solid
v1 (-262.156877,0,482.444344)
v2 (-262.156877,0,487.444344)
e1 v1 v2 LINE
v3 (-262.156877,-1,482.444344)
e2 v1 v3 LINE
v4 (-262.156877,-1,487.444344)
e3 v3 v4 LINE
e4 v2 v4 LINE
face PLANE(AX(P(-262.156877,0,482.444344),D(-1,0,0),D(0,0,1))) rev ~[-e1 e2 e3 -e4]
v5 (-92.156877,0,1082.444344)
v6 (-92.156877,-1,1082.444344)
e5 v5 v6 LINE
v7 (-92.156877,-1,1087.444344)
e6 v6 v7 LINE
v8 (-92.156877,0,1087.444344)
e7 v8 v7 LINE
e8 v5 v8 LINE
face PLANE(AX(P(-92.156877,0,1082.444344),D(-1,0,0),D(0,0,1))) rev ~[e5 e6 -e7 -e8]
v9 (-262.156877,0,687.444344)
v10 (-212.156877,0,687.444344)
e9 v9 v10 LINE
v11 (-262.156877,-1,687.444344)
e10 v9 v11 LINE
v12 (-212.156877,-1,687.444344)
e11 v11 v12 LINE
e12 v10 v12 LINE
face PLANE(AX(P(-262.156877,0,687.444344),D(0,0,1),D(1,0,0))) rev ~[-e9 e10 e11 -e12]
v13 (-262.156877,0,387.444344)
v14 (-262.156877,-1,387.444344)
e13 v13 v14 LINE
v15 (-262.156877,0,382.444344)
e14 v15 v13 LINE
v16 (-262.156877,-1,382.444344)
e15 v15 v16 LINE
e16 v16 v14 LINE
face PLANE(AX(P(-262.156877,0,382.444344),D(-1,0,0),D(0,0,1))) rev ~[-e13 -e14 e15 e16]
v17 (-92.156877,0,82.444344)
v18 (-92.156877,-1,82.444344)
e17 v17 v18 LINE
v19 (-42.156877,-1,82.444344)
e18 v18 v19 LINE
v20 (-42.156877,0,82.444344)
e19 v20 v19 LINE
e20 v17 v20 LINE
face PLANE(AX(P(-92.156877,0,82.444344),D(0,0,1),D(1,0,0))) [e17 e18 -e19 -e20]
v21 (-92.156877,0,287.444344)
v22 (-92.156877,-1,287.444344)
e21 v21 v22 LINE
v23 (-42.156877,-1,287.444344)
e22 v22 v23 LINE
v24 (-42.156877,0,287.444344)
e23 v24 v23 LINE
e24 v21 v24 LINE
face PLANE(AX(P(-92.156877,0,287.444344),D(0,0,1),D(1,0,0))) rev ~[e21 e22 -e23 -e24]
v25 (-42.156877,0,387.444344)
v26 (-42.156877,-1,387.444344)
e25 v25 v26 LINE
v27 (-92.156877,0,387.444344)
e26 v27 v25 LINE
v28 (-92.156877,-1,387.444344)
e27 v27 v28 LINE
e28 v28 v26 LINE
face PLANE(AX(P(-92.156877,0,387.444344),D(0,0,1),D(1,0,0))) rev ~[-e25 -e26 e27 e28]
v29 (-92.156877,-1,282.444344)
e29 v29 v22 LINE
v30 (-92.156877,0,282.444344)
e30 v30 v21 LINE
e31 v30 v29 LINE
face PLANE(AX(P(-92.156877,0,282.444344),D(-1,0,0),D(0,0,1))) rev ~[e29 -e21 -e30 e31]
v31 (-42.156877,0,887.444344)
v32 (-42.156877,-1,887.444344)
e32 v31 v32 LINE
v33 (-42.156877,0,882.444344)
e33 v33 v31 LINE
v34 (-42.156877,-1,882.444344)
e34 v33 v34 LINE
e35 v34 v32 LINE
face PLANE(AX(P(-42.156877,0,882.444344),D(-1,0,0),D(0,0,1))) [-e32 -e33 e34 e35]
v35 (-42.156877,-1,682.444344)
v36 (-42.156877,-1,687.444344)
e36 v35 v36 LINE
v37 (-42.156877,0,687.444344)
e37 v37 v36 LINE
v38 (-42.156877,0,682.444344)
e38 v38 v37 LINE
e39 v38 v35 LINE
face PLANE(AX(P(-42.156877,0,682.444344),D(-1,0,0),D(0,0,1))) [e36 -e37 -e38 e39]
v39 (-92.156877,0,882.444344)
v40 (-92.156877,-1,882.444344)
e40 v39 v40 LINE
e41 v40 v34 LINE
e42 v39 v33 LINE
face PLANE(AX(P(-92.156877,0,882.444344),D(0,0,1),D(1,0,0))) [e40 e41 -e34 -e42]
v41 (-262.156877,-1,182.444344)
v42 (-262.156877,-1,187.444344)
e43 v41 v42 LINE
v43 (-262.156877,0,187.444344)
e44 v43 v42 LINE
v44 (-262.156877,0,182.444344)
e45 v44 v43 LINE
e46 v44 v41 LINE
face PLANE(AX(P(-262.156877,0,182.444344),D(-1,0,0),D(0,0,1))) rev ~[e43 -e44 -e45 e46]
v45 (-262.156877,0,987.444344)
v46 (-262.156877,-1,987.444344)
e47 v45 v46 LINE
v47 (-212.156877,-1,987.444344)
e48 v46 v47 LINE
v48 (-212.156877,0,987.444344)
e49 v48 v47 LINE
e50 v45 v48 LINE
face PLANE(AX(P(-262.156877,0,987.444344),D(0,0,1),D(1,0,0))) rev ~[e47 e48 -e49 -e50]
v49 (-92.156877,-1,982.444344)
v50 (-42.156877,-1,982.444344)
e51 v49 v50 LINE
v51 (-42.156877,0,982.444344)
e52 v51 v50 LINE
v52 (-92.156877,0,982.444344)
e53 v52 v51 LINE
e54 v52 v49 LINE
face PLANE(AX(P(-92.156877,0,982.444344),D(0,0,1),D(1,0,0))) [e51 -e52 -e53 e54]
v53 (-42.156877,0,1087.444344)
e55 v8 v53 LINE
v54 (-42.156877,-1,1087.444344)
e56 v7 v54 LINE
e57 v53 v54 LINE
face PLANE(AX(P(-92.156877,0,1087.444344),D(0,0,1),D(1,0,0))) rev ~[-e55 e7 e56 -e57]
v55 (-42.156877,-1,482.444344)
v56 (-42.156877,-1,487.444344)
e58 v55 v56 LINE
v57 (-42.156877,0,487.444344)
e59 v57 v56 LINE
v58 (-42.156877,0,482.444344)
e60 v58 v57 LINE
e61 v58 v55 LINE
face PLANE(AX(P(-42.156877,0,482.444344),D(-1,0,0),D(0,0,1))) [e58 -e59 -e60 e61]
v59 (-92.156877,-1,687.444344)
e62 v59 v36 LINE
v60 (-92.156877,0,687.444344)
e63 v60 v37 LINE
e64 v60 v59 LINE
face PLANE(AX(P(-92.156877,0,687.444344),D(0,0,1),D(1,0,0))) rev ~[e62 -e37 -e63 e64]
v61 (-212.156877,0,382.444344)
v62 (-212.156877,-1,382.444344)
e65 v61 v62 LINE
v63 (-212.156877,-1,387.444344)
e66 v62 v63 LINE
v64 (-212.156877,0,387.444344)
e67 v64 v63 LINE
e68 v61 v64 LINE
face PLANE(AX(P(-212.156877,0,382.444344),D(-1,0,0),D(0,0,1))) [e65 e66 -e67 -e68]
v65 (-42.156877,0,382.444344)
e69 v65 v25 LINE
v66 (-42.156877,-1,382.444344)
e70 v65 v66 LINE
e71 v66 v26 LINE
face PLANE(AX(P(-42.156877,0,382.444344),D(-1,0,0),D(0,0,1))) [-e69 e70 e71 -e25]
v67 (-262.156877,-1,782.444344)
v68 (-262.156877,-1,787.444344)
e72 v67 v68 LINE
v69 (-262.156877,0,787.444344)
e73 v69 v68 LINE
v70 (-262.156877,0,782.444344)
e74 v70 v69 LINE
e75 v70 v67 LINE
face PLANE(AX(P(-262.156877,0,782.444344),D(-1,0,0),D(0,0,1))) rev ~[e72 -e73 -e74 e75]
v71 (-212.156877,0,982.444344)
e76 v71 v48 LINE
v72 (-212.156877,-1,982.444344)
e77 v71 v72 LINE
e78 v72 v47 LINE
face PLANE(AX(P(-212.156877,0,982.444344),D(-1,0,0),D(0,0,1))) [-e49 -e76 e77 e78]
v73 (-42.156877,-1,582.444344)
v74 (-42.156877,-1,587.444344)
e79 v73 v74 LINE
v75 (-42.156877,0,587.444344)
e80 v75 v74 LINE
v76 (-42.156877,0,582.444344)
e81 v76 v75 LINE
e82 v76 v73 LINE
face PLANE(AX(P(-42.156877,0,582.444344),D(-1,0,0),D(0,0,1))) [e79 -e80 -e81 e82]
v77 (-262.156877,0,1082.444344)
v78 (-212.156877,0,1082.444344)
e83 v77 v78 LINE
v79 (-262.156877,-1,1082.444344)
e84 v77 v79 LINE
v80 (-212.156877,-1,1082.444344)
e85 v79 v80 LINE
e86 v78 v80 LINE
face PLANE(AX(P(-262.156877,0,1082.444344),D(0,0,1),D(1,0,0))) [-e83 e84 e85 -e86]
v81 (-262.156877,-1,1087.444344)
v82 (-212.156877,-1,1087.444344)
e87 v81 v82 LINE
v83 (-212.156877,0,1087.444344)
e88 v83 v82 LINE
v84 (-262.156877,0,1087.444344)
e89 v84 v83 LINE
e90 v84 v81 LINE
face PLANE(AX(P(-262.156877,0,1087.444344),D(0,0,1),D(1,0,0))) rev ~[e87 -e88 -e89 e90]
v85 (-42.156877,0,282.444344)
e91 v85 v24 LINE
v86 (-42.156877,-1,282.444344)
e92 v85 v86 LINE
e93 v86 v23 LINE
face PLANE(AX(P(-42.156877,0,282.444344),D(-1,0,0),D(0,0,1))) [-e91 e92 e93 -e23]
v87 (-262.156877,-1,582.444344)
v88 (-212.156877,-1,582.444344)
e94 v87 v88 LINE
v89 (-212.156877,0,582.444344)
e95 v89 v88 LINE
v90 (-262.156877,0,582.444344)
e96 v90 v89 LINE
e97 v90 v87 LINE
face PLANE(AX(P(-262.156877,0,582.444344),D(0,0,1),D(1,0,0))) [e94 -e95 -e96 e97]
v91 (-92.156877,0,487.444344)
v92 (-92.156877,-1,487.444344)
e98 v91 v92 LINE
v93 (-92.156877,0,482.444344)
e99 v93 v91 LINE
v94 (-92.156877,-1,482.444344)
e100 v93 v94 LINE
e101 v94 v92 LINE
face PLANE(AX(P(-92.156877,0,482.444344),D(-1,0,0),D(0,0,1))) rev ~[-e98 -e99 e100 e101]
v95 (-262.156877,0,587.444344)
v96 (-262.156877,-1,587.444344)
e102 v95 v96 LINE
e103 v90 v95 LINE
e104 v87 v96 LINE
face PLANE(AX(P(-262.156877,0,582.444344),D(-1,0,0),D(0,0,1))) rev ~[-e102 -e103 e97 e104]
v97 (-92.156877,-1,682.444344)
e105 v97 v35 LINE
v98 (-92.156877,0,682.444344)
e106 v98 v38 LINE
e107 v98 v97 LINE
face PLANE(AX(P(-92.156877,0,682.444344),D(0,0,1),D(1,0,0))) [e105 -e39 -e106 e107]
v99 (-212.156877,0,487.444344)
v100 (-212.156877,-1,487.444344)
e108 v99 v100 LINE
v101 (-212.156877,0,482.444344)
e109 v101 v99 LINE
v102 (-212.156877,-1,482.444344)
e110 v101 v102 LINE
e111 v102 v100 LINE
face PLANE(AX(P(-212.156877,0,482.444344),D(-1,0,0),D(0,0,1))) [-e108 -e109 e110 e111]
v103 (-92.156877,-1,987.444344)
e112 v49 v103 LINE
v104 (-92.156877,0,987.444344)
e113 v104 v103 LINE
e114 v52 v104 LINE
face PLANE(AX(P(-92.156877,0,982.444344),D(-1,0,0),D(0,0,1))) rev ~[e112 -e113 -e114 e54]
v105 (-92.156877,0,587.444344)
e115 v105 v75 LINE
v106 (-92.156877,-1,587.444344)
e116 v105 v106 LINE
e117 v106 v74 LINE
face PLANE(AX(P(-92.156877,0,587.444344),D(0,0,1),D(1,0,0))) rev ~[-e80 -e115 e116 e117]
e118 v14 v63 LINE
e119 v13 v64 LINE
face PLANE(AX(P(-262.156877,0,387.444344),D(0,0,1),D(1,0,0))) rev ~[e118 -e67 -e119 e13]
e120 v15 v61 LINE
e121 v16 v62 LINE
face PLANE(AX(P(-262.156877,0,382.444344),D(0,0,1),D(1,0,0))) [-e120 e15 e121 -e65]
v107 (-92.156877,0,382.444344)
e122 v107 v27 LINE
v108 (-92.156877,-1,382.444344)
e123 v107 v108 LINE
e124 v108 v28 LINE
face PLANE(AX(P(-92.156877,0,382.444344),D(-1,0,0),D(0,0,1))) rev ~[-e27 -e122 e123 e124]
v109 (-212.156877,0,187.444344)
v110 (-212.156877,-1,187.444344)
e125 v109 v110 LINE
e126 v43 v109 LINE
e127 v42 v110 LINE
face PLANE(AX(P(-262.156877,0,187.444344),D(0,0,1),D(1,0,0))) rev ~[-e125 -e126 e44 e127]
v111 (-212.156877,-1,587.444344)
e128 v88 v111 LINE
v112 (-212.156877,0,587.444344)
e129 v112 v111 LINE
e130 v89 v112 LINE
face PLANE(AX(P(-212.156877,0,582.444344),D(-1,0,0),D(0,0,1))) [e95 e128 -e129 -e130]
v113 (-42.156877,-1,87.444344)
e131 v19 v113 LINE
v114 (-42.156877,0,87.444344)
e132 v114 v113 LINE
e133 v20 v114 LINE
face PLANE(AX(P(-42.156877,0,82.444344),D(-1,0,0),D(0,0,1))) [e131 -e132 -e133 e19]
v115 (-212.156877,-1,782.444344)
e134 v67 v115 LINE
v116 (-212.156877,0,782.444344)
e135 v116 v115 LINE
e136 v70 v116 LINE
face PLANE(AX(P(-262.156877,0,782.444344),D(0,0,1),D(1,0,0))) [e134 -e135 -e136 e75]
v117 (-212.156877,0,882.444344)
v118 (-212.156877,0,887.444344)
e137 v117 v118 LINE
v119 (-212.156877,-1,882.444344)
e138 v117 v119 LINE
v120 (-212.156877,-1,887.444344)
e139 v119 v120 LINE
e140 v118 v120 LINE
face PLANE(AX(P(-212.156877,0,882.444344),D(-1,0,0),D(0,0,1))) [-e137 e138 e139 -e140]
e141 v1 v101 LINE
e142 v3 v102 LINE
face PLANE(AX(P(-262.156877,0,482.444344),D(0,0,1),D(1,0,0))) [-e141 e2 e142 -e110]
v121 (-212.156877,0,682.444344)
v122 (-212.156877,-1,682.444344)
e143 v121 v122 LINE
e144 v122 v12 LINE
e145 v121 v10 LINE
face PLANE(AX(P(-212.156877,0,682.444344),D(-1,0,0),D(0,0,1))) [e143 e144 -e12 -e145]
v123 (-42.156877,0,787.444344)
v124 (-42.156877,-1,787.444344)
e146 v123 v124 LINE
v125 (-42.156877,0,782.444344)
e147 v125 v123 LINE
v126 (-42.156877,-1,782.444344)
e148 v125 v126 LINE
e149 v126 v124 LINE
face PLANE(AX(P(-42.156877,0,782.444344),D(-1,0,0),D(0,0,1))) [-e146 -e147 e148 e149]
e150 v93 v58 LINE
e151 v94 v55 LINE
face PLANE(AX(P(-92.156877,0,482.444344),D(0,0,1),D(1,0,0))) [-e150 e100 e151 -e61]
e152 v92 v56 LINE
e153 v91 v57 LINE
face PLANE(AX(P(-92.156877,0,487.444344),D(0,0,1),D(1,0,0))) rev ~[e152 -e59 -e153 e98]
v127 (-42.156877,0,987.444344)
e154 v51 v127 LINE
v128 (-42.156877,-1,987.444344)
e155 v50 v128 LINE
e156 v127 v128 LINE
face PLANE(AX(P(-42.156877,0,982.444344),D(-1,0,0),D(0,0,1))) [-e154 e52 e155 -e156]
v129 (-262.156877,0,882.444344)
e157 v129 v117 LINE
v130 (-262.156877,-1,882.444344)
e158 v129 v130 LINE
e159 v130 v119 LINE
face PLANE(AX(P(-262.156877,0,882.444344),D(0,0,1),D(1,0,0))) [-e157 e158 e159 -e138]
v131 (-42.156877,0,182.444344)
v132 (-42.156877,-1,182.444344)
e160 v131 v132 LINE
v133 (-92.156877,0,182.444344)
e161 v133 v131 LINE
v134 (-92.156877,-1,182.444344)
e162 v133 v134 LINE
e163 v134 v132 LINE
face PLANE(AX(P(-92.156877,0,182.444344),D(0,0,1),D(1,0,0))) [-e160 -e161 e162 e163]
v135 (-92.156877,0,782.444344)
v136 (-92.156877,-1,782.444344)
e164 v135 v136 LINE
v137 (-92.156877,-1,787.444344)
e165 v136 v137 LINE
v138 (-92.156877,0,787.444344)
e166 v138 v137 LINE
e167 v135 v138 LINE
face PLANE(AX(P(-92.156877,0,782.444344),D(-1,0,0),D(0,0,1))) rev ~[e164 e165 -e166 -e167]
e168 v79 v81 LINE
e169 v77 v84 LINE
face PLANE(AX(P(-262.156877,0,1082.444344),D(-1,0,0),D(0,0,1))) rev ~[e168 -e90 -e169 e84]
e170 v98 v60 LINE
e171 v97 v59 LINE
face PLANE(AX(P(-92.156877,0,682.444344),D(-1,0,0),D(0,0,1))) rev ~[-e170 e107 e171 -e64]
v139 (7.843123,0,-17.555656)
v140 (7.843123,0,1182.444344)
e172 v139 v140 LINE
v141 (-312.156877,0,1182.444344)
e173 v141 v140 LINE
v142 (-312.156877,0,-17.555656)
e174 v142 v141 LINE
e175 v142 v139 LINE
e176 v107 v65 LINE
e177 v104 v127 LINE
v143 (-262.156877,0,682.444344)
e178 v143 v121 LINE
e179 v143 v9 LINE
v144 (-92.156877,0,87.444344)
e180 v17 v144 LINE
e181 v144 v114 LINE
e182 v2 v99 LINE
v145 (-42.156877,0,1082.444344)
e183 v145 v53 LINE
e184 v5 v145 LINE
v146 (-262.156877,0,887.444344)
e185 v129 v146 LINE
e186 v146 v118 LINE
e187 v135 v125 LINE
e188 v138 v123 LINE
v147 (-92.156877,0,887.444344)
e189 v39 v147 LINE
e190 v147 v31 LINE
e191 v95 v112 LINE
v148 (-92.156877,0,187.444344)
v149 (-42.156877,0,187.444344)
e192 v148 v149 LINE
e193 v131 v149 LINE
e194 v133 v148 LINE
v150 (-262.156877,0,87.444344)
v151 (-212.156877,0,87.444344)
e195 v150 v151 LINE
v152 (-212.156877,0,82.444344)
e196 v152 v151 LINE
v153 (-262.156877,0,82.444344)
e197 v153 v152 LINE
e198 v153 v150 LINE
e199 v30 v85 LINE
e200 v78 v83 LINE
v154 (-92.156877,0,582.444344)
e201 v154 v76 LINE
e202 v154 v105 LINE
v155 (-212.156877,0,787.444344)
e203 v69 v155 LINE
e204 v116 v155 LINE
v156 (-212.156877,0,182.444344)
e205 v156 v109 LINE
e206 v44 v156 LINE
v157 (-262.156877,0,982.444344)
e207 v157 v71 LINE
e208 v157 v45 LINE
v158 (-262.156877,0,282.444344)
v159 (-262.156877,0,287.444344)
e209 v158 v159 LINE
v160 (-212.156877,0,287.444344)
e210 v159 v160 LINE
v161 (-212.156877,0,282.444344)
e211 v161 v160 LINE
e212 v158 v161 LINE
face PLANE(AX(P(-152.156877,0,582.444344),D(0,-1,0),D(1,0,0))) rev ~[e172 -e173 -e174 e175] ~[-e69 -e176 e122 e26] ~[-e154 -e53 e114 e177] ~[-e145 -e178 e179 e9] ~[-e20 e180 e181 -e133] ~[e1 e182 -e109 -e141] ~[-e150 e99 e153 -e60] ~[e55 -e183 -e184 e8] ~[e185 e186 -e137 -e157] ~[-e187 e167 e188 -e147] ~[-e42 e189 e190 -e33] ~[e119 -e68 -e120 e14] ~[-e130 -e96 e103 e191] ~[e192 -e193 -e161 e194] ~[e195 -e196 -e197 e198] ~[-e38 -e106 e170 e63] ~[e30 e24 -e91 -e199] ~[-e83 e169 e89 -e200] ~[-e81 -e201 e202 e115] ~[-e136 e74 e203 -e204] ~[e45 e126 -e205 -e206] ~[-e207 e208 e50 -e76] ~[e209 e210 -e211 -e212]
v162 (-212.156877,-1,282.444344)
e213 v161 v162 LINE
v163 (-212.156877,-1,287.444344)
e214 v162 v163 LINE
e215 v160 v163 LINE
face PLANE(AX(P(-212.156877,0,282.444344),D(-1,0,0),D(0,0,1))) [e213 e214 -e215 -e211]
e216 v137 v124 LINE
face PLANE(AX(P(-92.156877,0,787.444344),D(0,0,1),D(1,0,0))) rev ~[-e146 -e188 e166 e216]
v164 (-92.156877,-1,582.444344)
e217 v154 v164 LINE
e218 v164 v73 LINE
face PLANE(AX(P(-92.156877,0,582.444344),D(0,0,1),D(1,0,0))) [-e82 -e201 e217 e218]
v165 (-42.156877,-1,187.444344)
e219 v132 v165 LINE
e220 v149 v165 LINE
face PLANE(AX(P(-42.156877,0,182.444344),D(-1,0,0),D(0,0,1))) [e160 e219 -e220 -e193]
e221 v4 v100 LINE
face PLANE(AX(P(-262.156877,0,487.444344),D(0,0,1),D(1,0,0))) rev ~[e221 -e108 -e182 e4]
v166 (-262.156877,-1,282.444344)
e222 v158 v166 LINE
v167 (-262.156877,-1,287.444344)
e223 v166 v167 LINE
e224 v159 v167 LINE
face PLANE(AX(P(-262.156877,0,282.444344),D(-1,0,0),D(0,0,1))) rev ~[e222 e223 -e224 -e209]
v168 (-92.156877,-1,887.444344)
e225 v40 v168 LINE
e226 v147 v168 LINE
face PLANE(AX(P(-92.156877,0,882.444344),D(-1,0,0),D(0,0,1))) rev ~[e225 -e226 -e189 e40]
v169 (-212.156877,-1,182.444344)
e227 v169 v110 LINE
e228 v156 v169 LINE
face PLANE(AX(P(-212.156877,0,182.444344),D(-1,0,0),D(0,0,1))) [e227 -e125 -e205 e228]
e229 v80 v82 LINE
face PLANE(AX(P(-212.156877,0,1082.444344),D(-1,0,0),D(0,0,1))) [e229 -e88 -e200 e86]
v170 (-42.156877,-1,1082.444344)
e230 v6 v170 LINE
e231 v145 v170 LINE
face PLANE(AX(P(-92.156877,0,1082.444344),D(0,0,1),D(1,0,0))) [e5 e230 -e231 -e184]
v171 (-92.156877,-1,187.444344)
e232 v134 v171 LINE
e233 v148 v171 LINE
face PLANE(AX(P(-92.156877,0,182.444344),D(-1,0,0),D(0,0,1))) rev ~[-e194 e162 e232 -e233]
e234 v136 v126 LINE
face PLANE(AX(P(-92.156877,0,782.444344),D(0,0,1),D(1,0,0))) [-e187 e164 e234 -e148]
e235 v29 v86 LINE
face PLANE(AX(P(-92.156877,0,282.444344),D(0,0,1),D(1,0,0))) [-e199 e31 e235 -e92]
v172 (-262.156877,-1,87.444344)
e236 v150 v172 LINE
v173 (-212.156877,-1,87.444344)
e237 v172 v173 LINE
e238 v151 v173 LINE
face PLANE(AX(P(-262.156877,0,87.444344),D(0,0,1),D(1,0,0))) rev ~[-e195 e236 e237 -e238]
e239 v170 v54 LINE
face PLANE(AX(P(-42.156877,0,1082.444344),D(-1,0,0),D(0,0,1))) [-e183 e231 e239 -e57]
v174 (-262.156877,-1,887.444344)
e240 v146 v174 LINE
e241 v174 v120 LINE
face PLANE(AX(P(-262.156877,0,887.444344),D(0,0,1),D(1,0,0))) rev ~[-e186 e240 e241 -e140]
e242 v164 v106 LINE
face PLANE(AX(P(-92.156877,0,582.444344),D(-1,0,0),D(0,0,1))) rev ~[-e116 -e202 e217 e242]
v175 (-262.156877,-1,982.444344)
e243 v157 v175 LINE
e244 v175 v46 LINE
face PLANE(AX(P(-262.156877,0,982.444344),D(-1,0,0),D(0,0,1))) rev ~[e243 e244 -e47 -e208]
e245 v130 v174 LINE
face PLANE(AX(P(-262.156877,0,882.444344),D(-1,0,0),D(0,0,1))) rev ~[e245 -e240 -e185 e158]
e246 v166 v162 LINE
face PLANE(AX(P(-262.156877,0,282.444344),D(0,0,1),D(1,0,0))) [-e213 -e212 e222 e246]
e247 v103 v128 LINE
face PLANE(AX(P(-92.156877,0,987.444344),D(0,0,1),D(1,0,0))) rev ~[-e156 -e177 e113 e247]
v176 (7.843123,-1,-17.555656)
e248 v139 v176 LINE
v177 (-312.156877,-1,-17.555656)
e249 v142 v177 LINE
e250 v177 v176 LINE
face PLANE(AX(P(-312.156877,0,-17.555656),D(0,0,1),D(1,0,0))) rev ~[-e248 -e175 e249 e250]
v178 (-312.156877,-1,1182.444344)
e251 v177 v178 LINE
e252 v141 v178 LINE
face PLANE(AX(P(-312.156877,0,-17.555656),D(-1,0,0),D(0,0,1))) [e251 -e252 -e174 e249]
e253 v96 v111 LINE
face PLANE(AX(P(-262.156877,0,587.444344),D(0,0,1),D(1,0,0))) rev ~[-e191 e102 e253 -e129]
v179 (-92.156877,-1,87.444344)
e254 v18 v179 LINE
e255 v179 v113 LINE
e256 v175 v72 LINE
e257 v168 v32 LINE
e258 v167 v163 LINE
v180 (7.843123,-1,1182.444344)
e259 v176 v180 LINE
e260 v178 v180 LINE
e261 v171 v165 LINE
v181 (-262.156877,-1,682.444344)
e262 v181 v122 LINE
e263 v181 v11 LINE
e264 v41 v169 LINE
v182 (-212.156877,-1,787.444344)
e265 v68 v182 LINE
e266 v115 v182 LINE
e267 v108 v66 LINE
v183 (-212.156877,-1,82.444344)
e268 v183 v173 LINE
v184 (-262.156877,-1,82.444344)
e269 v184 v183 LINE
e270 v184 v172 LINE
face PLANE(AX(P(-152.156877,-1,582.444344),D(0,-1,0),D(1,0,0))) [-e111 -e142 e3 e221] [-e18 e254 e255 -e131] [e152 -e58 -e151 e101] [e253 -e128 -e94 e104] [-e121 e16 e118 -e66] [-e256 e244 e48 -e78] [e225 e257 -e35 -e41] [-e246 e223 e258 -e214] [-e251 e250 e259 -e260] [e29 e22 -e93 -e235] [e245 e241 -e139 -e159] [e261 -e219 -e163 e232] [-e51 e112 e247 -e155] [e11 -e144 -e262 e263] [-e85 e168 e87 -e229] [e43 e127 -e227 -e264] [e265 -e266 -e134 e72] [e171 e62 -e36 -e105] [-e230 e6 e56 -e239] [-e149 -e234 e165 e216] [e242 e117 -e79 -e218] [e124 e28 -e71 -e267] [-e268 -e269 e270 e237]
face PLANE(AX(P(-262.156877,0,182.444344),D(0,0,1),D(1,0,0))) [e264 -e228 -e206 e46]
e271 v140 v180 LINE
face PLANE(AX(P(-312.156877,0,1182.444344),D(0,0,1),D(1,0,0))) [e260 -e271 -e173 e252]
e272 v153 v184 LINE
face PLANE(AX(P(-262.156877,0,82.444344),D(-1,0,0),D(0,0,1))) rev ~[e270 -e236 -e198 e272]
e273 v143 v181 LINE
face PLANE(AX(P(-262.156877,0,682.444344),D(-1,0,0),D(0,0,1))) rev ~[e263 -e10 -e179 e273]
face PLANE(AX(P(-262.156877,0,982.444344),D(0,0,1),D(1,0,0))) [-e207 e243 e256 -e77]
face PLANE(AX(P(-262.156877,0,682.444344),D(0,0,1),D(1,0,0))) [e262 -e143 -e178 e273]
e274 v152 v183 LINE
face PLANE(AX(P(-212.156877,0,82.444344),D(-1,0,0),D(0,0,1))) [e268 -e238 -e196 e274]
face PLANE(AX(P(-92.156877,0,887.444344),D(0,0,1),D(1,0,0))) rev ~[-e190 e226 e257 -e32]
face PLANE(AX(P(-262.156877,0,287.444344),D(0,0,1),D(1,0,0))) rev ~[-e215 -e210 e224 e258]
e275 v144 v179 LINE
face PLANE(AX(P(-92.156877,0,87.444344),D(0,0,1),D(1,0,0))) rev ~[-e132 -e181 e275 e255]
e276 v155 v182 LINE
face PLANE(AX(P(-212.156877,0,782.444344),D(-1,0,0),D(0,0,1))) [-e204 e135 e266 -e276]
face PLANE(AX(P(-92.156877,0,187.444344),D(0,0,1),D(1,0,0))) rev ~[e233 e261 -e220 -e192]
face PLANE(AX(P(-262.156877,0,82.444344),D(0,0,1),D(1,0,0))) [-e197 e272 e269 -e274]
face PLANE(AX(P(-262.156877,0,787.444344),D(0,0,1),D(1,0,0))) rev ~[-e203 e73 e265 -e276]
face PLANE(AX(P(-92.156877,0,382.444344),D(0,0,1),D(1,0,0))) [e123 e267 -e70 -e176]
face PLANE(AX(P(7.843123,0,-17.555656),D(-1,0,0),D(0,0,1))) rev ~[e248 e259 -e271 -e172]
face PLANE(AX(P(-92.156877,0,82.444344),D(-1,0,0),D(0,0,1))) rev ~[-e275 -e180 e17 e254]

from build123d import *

# Parameters (mm, degrees)
F0_W     = 320
F0_H     = 1200
F0_W_2   = 50
F0_H_2   = 5
F1_DEPTH = 1


with BuildPart() as f1:
    # F0 (on Front) → F1 (new body)
    with BuildSketch(Plane.XZ):
        with Locations((-152.156877, 582.444344)):
            Rectangle(F0_W, F0_H)
        with Locations((-237.156877, 84.944344)):
            Rectangle(F0_W_2, F0_H_2, mode=Mode.SUBTRACT)
        with Locations((-237.156877, 184.944344)):
            Rectangle(F0_W_2, F0_H_2, mode=Mode.SUBTRACT)
        with Locations((-237.156877, 284.944344)):
            Rectangle(F0_W_2, F0_H_2, mode=Mode.SUBTRACT)
        with Locations((-237.156877, 384.944344)):
            Rectangle(F0_W_2, F0_H_2, mode=Mode.SUBTRACT)
        with Locations((-237.156877, 484.944344)):
            Rectangle(F0_W_2, F0_H_2, mode=Mode.SUBTRACT)
        with Locations((-67.156877, 84.944344)):
            Rectangle(F0_W_2, F0_H_2, mode=Mode.SUBTRACT)
        with Locations((-67.156877, 184.944344)):
            Rectangle(F0_W_2, F0_H_2, mode=Mode.SUBTRACT)
        with Locations((-67.156877, 284.944344)):
            Rectangle(F0_W_2, F0_H_2, mode=Mode.SUBTRACT)
        with Locations((-67.156877, 384.944344)):
            Rectangle(F0_W_2, F0_H_2, mode=Mode.SUBTRACT)
        with Locations((-67.156877, 484.944344)):
            Rectangle(F0_W_2, F0_H_2, mode=Mode.SUBTRACT)
        with Locations((-237.156877, 584.944344)):
            Rectangle(F0_W_2, F0_H_2, mode=Mode.SUBTRACT)
        with Locations((-237.156877, 684.944344)):
            Rectangle(F0_W_2, F0_H_2, mode=Mode.SUBTRACT)
        with Locations((-237.156877, 784.944344)):
            Rectangle(F0_W_2, F0_H_2, mode=Mode.SUBTRACT)
        with Locations((-237.156877, 884.944344)):
            Rectangle(F0_W_2, F0_H_2, mode=Mode.SUBTRACT)
        with Locations((-237.156877, 984.944344)):
            Rectangle(F0_W_2, F0_H_2, mode=Mode.SUBTRACT)
        with Locations((-237.156877, 1084.944344)):
            Rectangle(F0_W_2, F0_H_2, mode=Mode.SUBTRACT)
        with Locations((-67.156877, 584.944344)):
            Rectangle(F0_W_2, F0_H_2, mode=Mode.SUBTRACT)
        with Locations((-67.156877, 684.944344)):
            Rectangle(F0_W_2, F0_H_2, mode=Mode.SUBTRACT)
        with Locations((-67.156877, 784.944344)):
            Rectangle(F0_W_2, F0_H_2, mode=Mode.SUBTRACT)
        with Locations((-67.156877, 884.944344)):
            Rectangle(F0_W_2, F0_H_2, mode=Mode.SUBTRACT)
        with Locations((-67.156877, 984.944344)):
            Rectangle(F0_W_2, F0_H_2, mode=Mode.SUBTRACT)
        with Locations((-67.156877, 1084.944344)):
            Rectangle(F0_W_2, F0_H_2, mode=Mode.SUBTRACT)
    extrude(amount=F1_DEPTH)


solid = f1.part
